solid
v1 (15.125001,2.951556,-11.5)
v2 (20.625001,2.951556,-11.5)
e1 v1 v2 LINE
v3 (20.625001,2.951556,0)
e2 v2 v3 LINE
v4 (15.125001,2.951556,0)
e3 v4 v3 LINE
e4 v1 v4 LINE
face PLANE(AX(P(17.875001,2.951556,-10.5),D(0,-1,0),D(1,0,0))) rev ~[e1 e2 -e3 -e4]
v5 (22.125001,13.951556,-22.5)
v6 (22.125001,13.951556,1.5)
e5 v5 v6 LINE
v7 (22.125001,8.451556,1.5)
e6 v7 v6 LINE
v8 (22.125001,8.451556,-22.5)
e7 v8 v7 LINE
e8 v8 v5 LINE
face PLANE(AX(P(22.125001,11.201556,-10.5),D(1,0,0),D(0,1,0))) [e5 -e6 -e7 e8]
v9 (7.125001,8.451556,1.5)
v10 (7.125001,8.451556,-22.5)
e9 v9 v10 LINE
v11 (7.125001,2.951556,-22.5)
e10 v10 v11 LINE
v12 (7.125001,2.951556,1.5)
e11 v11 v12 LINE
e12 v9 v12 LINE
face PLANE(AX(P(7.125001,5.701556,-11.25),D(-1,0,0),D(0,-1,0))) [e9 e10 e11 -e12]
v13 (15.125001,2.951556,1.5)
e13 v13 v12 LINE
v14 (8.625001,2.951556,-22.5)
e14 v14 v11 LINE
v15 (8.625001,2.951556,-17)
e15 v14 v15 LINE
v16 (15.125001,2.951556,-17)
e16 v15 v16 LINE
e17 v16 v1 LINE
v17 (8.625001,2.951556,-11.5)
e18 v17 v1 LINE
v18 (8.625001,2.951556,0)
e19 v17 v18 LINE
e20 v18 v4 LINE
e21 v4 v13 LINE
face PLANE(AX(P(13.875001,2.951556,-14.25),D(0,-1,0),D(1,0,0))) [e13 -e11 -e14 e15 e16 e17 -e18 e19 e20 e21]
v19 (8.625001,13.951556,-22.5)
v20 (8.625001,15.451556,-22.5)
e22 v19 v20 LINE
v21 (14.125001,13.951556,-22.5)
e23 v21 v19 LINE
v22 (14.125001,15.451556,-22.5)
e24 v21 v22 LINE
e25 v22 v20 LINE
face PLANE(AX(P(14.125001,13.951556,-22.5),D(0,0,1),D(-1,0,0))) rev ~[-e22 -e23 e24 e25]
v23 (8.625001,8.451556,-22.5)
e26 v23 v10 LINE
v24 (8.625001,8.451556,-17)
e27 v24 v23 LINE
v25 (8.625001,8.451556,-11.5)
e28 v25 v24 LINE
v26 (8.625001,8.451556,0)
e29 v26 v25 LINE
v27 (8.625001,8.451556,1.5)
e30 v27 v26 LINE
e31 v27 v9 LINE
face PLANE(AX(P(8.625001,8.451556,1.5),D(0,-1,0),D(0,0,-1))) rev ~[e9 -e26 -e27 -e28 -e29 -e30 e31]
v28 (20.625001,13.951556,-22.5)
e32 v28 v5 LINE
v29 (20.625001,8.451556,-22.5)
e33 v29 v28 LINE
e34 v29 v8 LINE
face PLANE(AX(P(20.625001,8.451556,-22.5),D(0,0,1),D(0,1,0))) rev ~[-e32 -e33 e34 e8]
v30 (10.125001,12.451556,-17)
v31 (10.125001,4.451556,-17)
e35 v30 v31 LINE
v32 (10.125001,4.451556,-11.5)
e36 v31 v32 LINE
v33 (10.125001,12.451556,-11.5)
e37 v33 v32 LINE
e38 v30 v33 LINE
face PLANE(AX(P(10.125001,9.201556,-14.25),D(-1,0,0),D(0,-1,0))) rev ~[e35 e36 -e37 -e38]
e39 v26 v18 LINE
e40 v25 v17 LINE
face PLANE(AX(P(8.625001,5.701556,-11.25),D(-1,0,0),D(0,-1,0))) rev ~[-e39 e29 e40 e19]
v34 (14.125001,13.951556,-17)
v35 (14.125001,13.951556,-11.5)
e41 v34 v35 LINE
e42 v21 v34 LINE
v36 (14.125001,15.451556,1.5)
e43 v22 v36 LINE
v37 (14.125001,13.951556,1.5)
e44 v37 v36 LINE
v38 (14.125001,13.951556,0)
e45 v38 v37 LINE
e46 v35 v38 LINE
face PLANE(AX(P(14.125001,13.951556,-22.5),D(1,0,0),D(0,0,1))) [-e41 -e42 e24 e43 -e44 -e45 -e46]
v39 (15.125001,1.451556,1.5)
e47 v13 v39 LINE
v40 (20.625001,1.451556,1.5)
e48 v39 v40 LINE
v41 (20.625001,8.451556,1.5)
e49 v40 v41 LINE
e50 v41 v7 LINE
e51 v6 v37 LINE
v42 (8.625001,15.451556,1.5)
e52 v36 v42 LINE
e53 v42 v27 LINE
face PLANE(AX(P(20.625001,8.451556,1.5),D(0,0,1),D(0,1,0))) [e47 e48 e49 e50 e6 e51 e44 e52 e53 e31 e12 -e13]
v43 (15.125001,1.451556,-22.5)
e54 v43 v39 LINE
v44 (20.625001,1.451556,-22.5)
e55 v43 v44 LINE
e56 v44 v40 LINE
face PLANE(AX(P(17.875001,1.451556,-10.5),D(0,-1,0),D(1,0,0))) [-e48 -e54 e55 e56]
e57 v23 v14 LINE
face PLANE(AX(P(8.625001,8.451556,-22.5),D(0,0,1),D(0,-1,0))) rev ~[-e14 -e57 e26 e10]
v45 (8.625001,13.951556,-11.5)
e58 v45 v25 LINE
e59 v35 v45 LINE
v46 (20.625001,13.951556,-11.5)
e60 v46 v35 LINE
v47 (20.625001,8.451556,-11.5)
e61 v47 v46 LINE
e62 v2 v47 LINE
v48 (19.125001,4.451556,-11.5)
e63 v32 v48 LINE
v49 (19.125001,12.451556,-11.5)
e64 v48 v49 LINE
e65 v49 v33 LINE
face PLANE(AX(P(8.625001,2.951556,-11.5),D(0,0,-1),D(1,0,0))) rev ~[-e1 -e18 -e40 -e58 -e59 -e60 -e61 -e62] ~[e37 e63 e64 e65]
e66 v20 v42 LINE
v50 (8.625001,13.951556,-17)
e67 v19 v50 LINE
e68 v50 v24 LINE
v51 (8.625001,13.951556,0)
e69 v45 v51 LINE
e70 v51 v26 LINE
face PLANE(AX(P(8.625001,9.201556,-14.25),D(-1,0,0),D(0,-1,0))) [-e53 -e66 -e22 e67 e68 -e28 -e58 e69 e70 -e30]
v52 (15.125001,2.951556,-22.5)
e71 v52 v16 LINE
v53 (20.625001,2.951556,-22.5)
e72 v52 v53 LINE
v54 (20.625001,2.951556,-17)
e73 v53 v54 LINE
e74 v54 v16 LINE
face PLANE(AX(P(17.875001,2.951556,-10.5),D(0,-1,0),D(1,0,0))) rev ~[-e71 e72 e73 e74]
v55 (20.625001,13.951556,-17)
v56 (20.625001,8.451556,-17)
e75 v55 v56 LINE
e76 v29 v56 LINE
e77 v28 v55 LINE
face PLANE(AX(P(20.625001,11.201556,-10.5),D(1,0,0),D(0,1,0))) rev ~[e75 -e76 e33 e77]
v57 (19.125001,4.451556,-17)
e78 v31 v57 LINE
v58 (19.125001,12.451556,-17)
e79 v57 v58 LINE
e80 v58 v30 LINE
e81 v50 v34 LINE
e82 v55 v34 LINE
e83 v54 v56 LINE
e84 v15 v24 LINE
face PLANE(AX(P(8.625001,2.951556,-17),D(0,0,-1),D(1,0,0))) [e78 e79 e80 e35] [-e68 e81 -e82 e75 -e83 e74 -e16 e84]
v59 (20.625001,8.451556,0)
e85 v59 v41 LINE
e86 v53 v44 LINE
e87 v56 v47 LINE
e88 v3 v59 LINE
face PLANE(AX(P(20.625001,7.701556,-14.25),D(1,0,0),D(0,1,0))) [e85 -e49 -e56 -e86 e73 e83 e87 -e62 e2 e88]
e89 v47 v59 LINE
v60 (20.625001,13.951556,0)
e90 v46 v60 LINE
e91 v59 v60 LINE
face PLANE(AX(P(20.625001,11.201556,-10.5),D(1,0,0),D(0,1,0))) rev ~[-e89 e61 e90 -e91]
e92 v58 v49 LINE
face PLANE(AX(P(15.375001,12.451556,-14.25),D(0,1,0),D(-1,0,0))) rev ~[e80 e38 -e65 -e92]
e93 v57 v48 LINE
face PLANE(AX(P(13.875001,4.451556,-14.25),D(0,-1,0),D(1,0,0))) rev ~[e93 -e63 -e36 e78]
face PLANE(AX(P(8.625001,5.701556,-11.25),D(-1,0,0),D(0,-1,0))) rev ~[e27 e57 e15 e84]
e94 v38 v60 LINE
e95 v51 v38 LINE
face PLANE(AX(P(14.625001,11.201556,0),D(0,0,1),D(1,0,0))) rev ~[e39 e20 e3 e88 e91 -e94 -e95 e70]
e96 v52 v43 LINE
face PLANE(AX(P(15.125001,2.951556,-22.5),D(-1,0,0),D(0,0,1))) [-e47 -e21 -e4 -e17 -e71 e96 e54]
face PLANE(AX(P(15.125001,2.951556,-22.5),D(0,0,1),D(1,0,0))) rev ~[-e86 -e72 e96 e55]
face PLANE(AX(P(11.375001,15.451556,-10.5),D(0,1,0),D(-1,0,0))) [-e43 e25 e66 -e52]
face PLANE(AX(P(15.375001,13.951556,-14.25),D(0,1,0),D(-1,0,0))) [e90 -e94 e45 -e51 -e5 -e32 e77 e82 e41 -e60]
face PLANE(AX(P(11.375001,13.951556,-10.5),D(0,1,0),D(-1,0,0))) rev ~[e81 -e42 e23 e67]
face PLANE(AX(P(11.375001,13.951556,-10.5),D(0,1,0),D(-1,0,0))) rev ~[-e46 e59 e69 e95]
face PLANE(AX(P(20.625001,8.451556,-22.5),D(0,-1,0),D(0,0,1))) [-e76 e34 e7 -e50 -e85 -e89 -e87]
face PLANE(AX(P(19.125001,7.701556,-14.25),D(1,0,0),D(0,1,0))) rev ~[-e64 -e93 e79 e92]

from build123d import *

# Parameters (mm, degrees)
F0_W      = 12
F0_H      = 5.5
F1_DEPTH  = 1.5
F2_W      = 5.5
F2_H      = 24
F3_DEPTH  = 1.5
F4_W      = 5.5
F4_H      = 22.5
F4_H_2    = 1.5
F5_DEPTH  = 1.5
F6_W      = 5.5
F6_H      = 24
F7_DEPTH  = 1.5
F8_W      = 5.5
F8_H      = 24
F9_DEPTH  = 1.5
F10_W     = 9.5
F10_H     = 5.5
F11_DEPTH = 1.5
F12_W     = 10.5
F12_H     = 5.5
F13_DEPTH = 1.5
F14_W     = 9.5
F14_H     = 5.5
F15_DEPTH = 1.5
F16_W     = 10.5
F16_H     = 5.5
F17_DEPTH = 1.5


with BuildPart() as f1:
    # F0 (on Top) → F1 (new body)
    with BuildSketch(Plane.XY):
        with Locations((14.625001, 11.201556)):
            Rectangle(F0_W, F0_H)
        with Locations((14.625001, 5.701556)):
            Rectangle(F0_W, F0_H)
    extrude(amount=F1_DEPTH)

    # F2 (on face) → F3 (join)
    with BuildSketch(Plane.XZ.offset(-2.951556)):
        with Locations((17.875001, -10.5)):
            Rectangle(F2_W, F2_H)
    extrude(amount=F3_DEPTH)

    # F4 (on face) → F5 (join)
    with BuildSketch(Plane(origin=(8.625001, 0, 0), x_dir=(0, -1, 0), z_dir=(-1, 0, 0))):
        with Locations((-5.701556, -11.25)):
            Rectangle(F4_W, F4_H)
        with Locations((-5.701556, 0.75)):
            Rectangle(F4_W, F4_H_2)
    extrude(amount=F5_DEPTH)

    # F6 (on face) → F7 (join)
    with BuildSketch(Plane(origin=(0, 13.951556, 0), x_dir=(-1, 0, 0), z_dir=(0, 1, 0))):
        with Locations((-11.375001, -10.5)):
            Rectangle(F6_W, F6_H)
    extrude(amount=F7_DEPTH)

    # F8 (on face) → F9 (join)
    with BuildSketch(Plane.YZ.offset(20.625001)):
        with Locations((11.201556, -10.5)):
            Rectangle(F8_W, F8_H)
    extrude(amount=F9_DEPTH)

    # F10 (on face) → F11 (join)
    with BuildSketch(Plane(origin=(8.625001, 0, 0), x_dir=(0, -1, 0), z_dir=(-1, 0, 0))):
        with Locations((-9.201556, -14.25)):
            Rectangle(F10_W, F10_H)
    extrude(amount=-F11_DEPTH)

    # F12 (on face) → F13 (join)
    with BuildSketch(Plane(origin=(0, 13.951556, 0), x_dir=(-1, 0, 0), z_dir=(0, 1, 0))):
        with Locations((-15.375001, -14.25)):
            Rectangle(F12_W, F12_H)
    extrude(amount=-F13_DEPTH)

    # F14 (on face) → F15 (join)
    with BuildSketch(Plane.YZ.offset(20.625001)):
        with Locations((7.701556, -14.25)):
            Rectangle(F14_W, F14_H)
    extrude(amount=-F15_DEPTH)

    # F16 (on face) → F17 (join)
    with BuildSketch(Plane.XZ.offset(-2.951556)):
        with Locations((13.875001, -14.25)):
            Rectangle(F16_W, F16_H)
    extrude(amount=-F17_DEPTH)


solid = f1.part
